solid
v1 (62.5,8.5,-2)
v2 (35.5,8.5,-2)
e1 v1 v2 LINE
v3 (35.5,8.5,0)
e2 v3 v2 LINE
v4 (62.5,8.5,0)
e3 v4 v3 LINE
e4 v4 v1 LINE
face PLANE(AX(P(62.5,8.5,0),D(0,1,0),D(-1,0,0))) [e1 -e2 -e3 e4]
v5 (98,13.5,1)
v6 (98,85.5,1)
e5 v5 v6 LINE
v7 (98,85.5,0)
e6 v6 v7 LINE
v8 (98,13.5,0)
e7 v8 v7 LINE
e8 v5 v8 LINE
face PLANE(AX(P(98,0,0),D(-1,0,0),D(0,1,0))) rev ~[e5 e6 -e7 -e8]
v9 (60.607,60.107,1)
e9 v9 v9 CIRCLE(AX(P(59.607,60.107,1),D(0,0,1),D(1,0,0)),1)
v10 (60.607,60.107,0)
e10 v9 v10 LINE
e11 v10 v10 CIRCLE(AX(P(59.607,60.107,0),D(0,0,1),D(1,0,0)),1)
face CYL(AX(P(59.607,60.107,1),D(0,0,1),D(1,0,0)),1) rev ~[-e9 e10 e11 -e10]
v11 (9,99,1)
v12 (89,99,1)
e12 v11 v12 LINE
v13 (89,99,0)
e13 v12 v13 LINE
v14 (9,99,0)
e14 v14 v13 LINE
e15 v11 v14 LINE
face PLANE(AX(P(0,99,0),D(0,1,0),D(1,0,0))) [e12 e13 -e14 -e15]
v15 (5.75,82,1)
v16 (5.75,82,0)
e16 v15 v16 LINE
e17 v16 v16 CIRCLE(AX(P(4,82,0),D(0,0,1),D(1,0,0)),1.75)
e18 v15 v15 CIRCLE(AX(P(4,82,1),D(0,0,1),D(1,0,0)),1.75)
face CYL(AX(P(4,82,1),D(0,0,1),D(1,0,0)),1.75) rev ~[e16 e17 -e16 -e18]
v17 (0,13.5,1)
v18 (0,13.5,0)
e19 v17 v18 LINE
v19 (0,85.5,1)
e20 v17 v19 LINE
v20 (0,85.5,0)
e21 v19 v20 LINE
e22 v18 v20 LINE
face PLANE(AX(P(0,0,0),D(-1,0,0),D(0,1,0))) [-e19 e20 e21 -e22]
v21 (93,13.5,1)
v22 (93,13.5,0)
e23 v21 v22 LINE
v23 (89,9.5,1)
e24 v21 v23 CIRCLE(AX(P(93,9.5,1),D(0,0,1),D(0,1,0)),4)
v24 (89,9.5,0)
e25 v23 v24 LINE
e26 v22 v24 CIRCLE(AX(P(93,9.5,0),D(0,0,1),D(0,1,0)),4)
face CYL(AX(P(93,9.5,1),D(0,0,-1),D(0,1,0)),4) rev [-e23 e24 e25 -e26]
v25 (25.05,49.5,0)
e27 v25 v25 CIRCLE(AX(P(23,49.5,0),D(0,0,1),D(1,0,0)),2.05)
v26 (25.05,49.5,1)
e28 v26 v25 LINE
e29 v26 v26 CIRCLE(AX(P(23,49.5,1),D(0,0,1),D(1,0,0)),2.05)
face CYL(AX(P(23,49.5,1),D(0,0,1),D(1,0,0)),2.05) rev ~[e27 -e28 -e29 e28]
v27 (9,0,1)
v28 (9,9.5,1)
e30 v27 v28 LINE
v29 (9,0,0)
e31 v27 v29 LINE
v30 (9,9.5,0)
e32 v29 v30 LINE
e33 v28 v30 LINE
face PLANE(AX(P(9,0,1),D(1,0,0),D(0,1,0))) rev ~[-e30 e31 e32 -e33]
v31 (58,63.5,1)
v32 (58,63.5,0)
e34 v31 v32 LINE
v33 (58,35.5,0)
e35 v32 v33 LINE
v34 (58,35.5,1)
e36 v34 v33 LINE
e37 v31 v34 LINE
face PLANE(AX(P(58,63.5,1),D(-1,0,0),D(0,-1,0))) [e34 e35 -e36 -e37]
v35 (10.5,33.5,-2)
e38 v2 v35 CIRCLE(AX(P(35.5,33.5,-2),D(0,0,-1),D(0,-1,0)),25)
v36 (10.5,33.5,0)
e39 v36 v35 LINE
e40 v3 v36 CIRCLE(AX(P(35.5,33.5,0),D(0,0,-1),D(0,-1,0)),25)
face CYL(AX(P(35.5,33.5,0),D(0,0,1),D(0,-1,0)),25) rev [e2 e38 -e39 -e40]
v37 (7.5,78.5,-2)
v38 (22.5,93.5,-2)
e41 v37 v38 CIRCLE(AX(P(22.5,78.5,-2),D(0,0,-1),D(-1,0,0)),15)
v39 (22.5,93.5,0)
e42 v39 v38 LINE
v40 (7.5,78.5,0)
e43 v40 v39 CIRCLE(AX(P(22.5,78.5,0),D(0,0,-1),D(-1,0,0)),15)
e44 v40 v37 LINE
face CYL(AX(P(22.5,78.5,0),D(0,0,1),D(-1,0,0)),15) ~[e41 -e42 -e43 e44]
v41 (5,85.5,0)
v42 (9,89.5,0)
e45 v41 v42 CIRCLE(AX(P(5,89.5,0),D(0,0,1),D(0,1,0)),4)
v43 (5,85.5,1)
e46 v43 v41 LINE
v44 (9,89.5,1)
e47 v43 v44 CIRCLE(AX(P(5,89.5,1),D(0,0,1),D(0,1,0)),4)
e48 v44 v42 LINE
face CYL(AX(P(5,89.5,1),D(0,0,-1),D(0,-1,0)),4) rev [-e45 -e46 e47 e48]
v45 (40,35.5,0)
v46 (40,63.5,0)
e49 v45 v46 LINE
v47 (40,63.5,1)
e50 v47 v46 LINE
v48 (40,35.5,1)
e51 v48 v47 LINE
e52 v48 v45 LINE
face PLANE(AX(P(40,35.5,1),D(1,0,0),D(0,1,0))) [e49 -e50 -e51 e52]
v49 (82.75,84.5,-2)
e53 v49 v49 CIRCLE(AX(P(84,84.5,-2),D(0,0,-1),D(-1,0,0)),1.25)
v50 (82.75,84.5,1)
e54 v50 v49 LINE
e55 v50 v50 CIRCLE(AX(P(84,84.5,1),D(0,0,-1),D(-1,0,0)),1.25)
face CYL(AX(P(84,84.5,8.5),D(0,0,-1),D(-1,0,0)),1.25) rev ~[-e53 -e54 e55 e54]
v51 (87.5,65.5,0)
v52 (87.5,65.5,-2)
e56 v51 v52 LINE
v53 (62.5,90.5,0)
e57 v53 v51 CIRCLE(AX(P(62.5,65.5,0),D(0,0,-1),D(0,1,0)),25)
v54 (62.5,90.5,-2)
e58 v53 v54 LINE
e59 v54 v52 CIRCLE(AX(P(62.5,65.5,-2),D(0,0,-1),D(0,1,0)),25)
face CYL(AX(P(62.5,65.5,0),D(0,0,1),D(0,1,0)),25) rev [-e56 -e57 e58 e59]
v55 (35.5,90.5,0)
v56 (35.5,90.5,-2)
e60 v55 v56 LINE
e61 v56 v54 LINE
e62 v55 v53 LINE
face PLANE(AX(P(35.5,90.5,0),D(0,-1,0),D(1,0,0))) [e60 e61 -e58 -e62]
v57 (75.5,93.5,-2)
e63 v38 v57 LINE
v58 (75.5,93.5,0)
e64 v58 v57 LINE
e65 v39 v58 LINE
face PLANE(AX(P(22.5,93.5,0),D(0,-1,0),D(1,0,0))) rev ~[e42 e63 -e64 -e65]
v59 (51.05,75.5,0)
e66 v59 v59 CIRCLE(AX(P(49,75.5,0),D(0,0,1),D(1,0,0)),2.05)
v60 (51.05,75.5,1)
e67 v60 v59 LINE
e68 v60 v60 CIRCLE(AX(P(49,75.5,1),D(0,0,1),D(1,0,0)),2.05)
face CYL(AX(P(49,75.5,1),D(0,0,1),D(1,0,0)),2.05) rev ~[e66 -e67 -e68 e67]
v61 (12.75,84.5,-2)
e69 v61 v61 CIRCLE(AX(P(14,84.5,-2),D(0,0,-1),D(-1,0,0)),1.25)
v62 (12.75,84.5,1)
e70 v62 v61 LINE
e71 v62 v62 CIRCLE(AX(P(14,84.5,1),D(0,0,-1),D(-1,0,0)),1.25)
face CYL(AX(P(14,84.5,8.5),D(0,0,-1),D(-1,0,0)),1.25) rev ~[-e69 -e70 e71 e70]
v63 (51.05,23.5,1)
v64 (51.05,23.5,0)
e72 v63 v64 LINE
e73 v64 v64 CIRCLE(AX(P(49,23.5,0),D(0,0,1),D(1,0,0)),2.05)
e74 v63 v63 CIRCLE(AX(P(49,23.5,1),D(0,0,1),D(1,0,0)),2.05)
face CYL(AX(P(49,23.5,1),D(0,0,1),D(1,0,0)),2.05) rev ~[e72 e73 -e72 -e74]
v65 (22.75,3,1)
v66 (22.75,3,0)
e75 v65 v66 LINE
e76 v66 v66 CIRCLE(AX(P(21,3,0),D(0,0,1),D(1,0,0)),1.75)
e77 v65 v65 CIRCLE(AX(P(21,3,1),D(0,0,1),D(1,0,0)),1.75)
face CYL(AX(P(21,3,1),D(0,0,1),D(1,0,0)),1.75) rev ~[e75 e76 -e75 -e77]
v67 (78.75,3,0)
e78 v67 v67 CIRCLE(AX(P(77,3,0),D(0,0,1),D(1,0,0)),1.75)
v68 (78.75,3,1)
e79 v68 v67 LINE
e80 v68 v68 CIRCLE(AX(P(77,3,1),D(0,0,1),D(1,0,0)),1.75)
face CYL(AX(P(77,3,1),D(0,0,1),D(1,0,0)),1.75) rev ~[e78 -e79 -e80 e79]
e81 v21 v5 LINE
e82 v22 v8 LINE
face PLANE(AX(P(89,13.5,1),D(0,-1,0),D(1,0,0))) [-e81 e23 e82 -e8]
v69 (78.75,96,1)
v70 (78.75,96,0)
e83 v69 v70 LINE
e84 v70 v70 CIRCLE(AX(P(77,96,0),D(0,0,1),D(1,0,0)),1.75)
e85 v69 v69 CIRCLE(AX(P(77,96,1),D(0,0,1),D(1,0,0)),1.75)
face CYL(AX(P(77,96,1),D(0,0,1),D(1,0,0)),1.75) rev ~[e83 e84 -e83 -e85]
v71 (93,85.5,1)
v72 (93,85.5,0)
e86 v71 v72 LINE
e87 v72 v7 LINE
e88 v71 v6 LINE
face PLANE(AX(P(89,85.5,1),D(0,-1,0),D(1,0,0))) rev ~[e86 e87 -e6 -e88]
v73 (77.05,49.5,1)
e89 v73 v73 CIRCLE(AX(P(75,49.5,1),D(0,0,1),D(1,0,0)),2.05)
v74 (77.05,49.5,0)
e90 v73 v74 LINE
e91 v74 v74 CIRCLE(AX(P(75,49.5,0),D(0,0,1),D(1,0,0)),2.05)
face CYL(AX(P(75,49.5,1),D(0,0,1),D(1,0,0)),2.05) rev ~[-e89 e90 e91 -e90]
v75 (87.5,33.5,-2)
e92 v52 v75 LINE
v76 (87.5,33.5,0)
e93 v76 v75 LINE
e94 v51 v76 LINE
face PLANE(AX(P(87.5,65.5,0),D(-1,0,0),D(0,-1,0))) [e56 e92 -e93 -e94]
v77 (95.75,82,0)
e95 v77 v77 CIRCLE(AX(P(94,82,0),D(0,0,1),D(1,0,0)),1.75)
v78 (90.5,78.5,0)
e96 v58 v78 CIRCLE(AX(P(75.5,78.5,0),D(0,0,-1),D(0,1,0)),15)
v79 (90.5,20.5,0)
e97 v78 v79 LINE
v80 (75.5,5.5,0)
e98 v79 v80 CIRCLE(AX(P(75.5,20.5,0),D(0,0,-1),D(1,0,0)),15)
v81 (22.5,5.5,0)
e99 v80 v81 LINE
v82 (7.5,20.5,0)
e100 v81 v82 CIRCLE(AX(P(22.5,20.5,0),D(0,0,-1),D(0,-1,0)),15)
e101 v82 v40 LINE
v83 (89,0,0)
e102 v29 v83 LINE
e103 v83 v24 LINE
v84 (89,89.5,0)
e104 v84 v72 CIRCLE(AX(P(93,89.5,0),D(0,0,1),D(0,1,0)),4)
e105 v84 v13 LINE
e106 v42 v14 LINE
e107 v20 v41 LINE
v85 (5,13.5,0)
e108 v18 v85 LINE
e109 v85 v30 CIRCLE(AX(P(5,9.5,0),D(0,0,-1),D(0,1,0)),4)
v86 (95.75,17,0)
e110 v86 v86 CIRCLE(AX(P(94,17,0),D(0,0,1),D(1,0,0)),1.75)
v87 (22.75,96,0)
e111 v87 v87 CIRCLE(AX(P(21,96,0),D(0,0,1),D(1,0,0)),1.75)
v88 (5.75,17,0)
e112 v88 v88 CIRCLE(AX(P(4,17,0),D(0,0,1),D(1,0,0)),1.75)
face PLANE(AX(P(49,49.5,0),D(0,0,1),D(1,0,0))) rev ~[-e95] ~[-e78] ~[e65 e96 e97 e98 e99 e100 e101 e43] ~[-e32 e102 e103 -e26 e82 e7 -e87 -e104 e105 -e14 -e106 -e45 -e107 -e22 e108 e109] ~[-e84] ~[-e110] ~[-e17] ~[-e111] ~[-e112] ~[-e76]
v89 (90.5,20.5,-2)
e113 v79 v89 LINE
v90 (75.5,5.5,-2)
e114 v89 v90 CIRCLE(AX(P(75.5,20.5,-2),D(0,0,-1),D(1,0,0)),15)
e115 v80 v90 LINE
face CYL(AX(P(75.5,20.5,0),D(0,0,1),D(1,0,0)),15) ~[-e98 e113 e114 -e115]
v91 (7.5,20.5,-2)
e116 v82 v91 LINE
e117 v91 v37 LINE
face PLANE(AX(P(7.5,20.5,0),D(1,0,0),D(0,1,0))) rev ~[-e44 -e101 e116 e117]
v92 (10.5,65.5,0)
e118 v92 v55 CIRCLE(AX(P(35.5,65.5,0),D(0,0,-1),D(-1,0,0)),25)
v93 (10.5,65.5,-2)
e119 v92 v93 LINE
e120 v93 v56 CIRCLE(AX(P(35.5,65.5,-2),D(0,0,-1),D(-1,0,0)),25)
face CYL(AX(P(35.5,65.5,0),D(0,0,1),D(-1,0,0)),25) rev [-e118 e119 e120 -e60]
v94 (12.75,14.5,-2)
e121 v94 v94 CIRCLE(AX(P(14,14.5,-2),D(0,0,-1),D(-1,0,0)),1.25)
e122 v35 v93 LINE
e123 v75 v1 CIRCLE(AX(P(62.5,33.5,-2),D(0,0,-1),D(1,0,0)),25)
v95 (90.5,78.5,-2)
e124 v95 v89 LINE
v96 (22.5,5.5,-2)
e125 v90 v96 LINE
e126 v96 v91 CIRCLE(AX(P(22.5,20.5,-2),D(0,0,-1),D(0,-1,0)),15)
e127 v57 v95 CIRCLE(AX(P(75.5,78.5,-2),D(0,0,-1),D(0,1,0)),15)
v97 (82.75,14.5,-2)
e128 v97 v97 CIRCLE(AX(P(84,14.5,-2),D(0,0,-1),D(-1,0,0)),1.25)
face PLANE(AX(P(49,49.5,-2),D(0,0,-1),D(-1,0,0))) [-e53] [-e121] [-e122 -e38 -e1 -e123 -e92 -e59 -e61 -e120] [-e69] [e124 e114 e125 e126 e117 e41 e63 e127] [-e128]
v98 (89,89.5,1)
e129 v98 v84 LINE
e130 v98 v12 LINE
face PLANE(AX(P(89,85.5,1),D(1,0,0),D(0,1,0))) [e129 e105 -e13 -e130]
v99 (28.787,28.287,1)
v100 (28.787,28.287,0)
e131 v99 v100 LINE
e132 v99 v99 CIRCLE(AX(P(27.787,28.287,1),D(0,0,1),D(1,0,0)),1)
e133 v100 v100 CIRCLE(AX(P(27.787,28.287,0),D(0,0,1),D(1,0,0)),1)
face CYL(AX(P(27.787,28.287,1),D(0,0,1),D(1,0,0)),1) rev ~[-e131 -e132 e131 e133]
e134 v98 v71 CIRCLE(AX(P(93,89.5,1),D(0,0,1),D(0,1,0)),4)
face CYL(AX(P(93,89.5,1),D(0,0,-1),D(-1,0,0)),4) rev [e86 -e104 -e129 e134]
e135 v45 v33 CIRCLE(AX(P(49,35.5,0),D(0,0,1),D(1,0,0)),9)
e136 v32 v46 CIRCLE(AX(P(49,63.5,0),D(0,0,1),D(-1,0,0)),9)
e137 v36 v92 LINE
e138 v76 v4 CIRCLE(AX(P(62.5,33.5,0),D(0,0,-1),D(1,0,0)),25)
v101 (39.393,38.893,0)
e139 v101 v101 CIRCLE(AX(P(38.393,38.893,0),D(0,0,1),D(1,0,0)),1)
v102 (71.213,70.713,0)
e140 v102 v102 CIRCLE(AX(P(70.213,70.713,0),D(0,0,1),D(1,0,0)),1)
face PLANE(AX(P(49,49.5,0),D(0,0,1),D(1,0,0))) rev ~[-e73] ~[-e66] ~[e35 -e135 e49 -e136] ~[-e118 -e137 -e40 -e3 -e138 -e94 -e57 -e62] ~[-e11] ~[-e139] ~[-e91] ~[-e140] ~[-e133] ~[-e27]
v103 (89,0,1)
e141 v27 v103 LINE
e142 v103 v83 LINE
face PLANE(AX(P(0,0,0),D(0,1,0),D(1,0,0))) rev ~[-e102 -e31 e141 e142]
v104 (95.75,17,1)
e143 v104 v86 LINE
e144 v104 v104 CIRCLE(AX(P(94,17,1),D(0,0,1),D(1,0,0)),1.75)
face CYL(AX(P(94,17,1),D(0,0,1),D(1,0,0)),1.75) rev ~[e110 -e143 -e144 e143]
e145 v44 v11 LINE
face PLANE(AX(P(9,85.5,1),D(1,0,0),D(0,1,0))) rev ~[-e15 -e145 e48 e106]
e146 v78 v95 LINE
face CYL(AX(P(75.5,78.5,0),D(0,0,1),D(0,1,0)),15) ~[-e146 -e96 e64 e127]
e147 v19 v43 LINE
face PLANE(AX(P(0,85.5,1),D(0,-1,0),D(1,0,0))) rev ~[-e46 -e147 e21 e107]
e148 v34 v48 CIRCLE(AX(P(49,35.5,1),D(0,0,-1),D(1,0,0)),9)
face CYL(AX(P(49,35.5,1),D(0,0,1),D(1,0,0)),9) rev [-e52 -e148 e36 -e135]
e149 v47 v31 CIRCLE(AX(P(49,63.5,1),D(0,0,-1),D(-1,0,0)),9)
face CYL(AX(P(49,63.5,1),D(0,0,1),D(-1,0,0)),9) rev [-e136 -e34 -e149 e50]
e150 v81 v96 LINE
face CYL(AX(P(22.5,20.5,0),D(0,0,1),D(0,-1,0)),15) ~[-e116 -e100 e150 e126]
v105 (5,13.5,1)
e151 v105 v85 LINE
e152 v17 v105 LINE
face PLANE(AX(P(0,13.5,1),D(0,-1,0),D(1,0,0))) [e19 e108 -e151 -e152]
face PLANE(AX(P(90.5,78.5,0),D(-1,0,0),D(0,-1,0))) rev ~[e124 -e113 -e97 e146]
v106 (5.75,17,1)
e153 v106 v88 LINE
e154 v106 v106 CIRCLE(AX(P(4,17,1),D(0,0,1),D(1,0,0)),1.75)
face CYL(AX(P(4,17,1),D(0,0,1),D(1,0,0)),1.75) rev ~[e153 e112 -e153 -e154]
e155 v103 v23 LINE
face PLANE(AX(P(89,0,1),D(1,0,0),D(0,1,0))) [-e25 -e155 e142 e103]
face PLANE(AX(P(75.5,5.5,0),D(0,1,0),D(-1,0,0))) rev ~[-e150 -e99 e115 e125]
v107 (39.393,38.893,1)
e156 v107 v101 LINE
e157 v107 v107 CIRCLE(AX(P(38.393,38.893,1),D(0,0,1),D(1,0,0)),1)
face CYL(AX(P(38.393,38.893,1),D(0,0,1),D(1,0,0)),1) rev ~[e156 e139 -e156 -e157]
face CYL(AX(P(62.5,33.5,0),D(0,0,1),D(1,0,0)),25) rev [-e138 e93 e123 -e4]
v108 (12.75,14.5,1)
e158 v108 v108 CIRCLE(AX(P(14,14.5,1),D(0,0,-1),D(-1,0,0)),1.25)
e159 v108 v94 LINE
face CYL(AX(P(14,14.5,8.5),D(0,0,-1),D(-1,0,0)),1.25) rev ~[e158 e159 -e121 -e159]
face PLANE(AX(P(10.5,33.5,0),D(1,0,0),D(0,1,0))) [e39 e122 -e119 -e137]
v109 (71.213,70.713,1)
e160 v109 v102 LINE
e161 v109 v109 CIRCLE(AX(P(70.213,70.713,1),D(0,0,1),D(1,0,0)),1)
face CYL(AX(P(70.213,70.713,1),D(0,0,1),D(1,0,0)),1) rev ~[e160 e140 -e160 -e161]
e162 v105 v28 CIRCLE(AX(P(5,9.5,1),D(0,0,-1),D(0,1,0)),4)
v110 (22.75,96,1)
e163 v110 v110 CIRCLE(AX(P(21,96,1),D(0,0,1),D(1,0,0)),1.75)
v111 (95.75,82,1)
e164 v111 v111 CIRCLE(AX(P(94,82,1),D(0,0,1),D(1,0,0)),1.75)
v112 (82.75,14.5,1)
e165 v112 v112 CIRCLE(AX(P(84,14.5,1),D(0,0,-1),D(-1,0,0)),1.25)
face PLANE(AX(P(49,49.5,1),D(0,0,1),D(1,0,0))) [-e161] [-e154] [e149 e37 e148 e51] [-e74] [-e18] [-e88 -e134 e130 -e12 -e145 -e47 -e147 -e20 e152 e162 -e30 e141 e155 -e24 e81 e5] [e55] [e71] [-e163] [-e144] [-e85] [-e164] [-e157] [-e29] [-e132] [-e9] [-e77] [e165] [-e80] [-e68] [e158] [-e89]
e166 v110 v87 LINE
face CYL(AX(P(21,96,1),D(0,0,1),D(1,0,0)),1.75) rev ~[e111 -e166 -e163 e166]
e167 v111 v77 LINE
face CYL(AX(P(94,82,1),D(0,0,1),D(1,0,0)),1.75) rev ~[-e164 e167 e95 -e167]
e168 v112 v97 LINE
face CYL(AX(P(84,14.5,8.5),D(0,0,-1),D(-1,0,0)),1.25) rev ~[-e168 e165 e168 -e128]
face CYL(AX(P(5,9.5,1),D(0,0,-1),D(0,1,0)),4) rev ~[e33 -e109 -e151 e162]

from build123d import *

# Parameters (mm, degrees)
SKETCH1_W                      = 98
SKETCH1_H                      = 99
MAIN_BODY_DEPTH                = 1
SKETCH2_R                      = 1.75
FRONTBACKBOLTHOLES_DEPTH       = 2
SKETCH3_R                      = 1.75
SIDEBOLTHOLES_DEPTH            = 2
SKETCH7_W                      = 9
SKETCH7_H                      = 13.5
CUT_EXTRUDE3_DEPTH             = 2
FILLET1_R                      = 4
BOSS_EXTRUDE4_DEPTH            = 2
CAMERAVIEWHOLE_DEPTH           = 4
M3X0_5_TAPPED_HOLE1_D          = 2.5
M3X0_5_TAPPED_HOLE1_DEPTH      = 7.5
M3X0_5_TAPPED_HOLE1_TIP        = 0.751075774
SKETCH16_R                     = 1
WIREPASSTHROUGHS_DEPTH         = 4
SKETCH17_R                     = 2.05
NOTSUREIFNEEDPASSTHROUGH_DEPTH = 4


with BuildPart() as part:
    # Sketch1 → Main Body (new body)
    with BuildSketch(Plane.XY):
        with Locations((49, 49.5)):
            Rectangle(SKETCH1_W, SKETCH1_H)
    extrude(amount=MAIN_BODY_DEPTH)

    # Sketch2 → FrontBackBoltHoles (cut, through all)
    with BuildSketch(Plane.XY.offset(1)):
        with Locations((4, 82)):
            Circle(SKETCH2_R)
        with Locations((94, 82)):
            Circle(SKETCH2_R)
        with Locations((94, 17)):
            Circle(SKETCH2_R)
        with Locations((4, 17)):
            Circle(SKETCH2_R)
    extrude(amount=-FRONTBACKBOLTHOLES_DEPTH, mode=Mode.SUBTRACT)

    # Sketch3 → SideBoltHoles (cut, through all)
    with BuildSketch(Plane.XY.offset(1)):
        with Locations((21, 96)):
            Circle(SKETCH3_R)
        with Locations((77, 96)):
            Circle(SKETCH3_R)
        with Locations((77, 3)):
            Circle(SKETCH3_R)
        with Locations((21, 3)):
            Circle(SKETCH3_R)
    extrude(amount=-SIDEBOLTHOLES_DEPTH, mode=Mode.SUBTRACT)

    # Sketch7 → Cut-Extrude3 (cut, through all)
    with BuildSketch(Plane.XY.offset(1)):
        with Locations((4.5, 92.25)):
            Rectangle(SKETCH7_W, SKETCH7_H)
        with Locations((93.5, 92.25)):
            Rectangle(SKETCH7_W, SKETCH7_H)
        with Locations((93.5, 6.75)):
            Rectangle(SKETCH7_W, SKETCH7_H)
        with Locations((4.5, 6.75)):
            Rectangle(SKETCH7_W, SKETCH7_H)
    extrude(amount=-CUT_EXTRUDE3_DEPTH, mode=Mode.SUBTRACT)

    # Fillet1
    fillet1_edges = [part.edges().sort_by_distance(p)[0] for p in [
        (89, 85.5, 0.5),
        (9, 13.5, 0.5),
        (89, 13.5, 0.5),
        (9, 85.5, 0.5),
    ]]
    fillet(fillet1_edges, radius=FILLET1_R)

    # Sketch15 → Boss-Extrude4 (add)
    with BuildSketch(Plane(origin=(0, 0, 0), x_dir=(-1, 0, 0), z_dir=(0, 0, -1))):
        with BuildLine():
            Line((-22.5, 93.5), (-75.5, 93.5))
            ThreePointArc((-75.5, 93.5), (-86.106601718, 89.106601718), (-90.5, 78.5))
            Line((-90.5, 78.5), (-90.5, 20.5))
            ThreePointArc((-90.5, 20.5), (-86.106601718, 9.893398282), (-75.5, 5.5))
            Line((-75.5, 5.5), (-22.5, 5.5))
            ThreePointArc((-22.5, 5.5), (-11.893398282, 9.893398282), (-7.5, 20.5))
            Line((-7.5, 20.5), (-7.5, 78.5))
            ThreePointArc((-7.5, 78.5), (-11.893398282, 89.106601718), (-22.5, 93.5))
        make_face()
        with BuildLine():
            Line((-35.5, 90.5), (-62.5, 90.5))
            ThreePointArc((-62.5, 90.5), (-80.17766953, 83.17766953), (-87.5, 65.5))
            Line((-87.5, 65.5), (-87.5, 33.5))
            ThreePointArc((-87.5, 33.5), (-80.17766953, 15.82233047), (-62.5, 8.5))
            Line((-62.5, 8.5), (-35.5, 8.5))
            ThreePointArc((-35.5, 8.5), (-17.82233047, 15.82233047), (-10.5, 33.5))
            Line((-10.5, 33.5), (-10.5, 65.5))
            ThreePointArc((-10.5, 65.5), (-17.82233047, 83.17766953), (-35.5, 90.5))
        make_face(mode=Mode.SUBTRACT)
    extrude(amount=BOSS_EXTRUDE4_DEPTH)

    # Sketch10 → CameraViewHole (cut, through all)
    with BuildSketch(Plane.XY.offset(1)):
        with BuildLine():
            Line((40, 35.5), (40, 63.5))
            ThreePointArc((40, 63.5), (49, 72.5), (58, 63.5))
            Line((58, 63.5), (58, 35.5))
            ThreePointArc((58, 35.5), (49, 26.5), (40, 35.5))
        make_face()
    extrude(amount=-CAMERAVIEWHOLE_DEPTH, mode=Mode.SUBTRACT)

    # M3x0.5 Tapped Hole1
    with Locations(Plane.XY.offset(1)):
        with Locations((84, 14.5), (14, 14.5), (14, 84.5), (84, 84.5)):
            Hole(M3X0_5_TAPPED_HOLE1_D / 2, depth=M3X0_5_TAPPED_HOLE1_DEPTH)
            with Locations((0, 0, -(M3X0_5_TAPPED_HOLE1_DEPTH + M3X0_5_TAPPED_HOLE1_TIP / 2))):  # 118° drill point
                Cone(0, M3X0_5_TAPPED_HOLE1_D / 2, M3X0_5_TAPPED_HOLE1_TIP, mode=Mode.SUBTRACT)

    # Sketch16 → WirePassthroughs (cut, through all)
    with BuildSketch(Plane.XY.offset(1)):
        with Locations((27.787, 28.287)):
            Circle(SKETCH16_R)
        with Locations((38.393, 38.893)):
            Circle(SKETCH16_R)
        with Locations((59.607, 60.107)):
            Circle(SKETCH16_R)
        with Locations((70.213, 70.713)):
            Circle(SKETCH16_R)
    extrude(amount=-WIREPASSTHROUGHS_DEPTH, mode=Mode.SUBTRACT)

    # Sketch17 → NotSureIfNeedPassthrough (cut, through all)
    with BuildSketch(Plane.XY.offset(1)):
        with Locations((49, 23.5)):
            Circle(SKETCH17_R)
        with Locations((23, 49.5)):
            Circle(SKETCH17_R)
        with Locations((49, 75.5)):
            Circle(SKETCH17_R)
        with Locations((75, 49.5)):
            Circle(SKETCH17_R)
    extrude(amount=-NOTSUREIFNEEDPASSTHROUGH_DEPTH, mode=Mode.SUBTRACT)


solid = part.part
